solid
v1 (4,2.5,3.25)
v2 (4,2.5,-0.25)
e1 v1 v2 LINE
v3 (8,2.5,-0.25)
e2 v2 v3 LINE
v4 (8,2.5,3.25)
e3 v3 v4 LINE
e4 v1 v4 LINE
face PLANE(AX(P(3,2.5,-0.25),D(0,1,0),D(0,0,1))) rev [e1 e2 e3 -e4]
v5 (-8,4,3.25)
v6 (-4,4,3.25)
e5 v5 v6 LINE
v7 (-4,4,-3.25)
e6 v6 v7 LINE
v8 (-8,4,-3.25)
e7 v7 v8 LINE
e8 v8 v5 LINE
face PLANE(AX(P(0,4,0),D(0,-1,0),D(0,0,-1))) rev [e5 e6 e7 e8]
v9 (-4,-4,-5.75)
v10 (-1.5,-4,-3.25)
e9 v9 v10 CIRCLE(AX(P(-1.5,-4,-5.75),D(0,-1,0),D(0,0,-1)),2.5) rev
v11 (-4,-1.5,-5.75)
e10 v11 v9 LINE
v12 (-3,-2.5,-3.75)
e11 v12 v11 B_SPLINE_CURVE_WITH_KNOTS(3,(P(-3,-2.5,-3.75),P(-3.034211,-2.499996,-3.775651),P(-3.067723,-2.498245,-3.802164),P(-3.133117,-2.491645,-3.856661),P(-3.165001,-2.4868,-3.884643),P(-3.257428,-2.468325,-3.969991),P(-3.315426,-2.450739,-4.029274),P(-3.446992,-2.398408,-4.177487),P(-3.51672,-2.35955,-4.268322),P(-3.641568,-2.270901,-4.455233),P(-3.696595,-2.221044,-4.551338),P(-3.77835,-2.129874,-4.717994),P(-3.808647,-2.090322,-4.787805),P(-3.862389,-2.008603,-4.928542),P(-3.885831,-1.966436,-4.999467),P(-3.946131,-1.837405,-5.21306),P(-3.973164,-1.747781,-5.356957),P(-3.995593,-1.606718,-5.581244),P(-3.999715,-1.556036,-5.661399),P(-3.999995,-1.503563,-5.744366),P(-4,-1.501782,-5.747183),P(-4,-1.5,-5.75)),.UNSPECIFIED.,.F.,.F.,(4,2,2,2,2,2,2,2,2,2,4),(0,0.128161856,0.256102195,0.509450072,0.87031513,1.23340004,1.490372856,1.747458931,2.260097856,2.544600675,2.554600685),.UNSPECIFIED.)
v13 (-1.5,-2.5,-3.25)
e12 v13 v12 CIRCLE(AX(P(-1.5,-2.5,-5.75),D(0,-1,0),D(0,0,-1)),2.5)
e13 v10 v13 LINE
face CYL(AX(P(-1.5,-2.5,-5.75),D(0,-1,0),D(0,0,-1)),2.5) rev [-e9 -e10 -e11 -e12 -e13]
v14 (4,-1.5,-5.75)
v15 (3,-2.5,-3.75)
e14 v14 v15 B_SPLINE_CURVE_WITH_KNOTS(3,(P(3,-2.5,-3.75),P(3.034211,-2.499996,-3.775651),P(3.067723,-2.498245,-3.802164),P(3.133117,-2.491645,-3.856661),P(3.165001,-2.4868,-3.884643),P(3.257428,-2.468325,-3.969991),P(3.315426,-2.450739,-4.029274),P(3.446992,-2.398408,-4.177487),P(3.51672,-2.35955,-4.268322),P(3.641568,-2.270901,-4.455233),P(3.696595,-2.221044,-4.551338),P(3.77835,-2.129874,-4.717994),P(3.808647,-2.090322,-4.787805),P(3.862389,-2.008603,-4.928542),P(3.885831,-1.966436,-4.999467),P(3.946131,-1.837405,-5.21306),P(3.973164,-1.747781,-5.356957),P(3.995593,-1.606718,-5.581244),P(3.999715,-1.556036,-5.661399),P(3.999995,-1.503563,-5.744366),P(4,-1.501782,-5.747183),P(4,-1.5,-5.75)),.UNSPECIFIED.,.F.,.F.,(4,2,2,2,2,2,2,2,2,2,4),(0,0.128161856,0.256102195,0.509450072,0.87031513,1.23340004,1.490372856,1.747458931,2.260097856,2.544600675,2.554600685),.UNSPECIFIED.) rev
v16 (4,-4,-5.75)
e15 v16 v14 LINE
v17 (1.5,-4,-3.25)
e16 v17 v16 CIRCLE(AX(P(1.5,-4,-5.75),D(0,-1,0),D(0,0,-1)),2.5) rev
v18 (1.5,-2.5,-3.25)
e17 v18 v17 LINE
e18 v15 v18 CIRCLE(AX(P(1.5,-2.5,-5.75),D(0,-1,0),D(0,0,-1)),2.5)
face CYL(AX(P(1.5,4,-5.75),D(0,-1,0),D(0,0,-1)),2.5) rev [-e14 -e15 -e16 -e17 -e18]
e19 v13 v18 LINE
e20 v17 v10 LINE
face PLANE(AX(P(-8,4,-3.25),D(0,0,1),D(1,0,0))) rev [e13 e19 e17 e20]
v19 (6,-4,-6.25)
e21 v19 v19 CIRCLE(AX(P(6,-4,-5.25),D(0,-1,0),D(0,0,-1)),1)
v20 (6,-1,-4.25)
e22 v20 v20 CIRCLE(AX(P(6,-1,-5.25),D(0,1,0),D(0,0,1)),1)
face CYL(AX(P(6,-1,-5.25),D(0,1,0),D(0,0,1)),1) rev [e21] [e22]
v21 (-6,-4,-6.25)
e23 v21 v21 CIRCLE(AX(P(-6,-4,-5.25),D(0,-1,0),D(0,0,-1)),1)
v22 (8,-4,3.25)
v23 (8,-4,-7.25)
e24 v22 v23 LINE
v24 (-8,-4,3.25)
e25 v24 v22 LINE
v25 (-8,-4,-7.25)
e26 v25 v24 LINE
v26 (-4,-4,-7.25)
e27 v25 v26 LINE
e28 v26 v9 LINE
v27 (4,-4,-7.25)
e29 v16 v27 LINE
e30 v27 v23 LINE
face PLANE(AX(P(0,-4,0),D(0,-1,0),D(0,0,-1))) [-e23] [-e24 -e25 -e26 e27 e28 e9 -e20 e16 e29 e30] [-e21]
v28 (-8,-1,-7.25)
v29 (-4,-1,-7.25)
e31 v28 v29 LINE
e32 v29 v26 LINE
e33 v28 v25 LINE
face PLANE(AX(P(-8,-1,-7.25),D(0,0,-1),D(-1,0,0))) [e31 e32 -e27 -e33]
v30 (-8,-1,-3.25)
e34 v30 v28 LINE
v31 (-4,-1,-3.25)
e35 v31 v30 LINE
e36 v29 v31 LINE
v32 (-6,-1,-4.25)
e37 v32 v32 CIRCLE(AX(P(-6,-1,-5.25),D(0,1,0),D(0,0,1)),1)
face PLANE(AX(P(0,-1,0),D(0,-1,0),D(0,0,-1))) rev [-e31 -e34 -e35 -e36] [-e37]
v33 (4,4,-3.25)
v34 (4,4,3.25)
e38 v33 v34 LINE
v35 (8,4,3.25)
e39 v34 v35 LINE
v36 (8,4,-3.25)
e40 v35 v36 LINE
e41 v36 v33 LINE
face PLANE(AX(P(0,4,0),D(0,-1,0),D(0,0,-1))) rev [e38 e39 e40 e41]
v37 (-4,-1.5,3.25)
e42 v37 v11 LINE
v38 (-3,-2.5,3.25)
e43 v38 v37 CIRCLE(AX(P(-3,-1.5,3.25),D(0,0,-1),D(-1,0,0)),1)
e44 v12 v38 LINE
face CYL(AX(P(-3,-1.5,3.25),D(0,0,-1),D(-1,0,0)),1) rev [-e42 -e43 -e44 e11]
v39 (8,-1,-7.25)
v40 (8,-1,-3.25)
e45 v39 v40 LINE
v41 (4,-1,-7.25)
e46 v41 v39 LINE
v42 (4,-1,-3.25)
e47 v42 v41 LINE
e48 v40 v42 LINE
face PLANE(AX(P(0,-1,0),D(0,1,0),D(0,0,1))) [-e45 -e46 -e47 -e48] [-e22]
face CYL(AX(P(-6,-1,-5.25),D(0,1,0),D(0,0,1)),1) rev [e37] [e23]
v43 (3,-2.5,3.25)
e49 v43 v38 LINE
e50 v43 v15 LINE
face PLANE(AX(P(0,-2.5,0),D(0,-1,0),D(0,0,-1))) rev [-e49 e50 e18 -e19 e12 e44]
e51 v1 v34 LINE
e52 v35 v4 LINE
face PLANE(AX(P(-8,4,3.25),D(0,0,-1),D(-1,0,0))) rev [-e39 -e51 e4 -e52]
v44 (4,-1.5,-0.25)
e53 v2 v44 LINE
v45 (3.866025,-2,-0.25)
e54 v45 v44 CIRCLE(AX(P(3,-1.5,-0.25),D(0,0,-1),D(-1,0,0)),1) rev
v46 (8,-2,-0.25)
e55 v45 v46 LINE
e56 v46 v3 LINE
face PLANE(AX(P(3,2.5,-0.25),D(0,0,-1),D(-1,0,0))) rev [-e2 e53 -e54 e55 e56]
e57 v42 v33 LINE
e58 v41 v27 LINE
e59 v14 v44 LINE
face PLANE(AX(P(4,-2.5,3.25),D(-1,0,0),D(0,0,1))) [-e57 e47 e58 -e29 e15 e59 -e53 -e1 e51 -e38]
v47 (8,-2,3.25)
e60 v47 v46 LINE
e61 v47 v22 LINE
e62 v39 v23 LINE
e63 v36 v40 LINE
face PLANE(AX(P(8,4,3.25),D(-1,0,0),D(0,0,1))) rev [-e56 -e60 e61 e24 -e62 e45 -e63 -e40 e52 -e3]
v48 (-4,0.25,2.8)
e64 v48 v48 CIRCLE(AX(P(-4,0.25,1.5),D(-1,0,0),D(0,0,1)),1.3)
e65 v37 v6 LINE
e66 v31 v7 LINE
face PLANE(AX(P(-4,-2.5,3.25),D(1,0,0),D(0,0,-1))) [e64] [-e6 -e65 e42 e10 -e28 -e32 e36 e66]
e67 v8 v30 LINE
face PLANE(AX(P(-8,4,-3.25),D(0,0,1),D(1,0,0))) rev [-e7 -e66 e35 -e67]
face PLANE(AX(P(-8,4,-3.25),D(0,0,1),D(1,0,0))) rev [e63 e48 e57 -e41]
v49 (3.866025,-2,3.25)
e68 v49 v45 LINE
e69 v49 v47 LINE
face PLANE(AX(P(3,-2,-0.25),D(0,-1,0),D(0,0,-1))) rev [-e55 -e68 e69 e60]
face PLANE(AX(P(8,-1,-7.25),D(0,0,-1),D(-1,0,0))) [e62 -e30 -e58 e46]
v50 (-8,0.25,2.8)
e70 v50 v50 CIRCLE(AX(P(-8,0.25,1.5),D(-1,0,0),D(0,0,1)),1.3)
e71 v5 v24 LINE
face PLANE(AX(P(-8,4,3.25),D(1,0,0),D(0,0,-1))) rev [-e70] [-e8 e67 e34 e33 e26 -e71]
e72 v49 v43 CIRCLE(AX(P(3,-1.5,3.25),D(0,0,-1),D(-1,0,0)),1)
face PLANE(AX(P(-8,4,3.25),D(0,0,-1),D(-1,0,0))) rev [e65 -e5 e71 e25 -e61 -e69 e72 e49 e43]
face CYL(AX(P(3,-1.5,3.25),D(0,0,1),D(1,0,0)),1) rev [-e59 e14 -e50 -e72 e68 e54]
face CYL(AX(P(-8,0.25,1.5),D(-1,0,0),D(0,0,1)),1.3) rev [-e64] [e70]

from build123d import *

# Parameters (mm, degrees)
SKETCH1_W                  = 16
SKETCH1_H                  = 6.5
BOSS_EXTRUDE1_DEPTH        = 4
SKETCH2_W                  = 8
SKETCH2_H                  = 6.5
CUT_EXTRUDE1_DEPTH         = 6.5
SKETCH10_W                 = 4
SKETCH10_H                 = 4
BOSS_EXTRUDE2_DEPTH        = 3
M1_6_CLEARANCE_HOLE1_D     = 2
M1_6_CLEARANCE_HOLE1_DEPTH = 4
M1_6_CLEARANCE_HOLE1_TIP   = 0.600860619
FILLET1_R                  = 1
FILLET2_R                  = 2.5
SKETCH14_W                 = 3.5
SKETCH14_H                 = 4.5
CUT_EXTRUDE3_DEPTH         = 5
M2_CLEARANCE_HOLE3_D       = 2.6
M2_CLEARANCE_HOLE3_DEPTH   = 4
M2_CLEARANCE_HOLE3_TIP     = 0.781118805


with BuildPart() as part:
    # Sketch1 → Boss-Extrude1 (new body, symmetric)
    with BuildSketch(Plane(origin=(0, 0, 0), x_dir=(1, 0, 0), z_dir=(0, 1, 0))):
        Rectangle(SKETCH1_W, SKETCH1_H)
    extrude(amount=BOSS_EXTRUDE1_DEPTH, both=True)

    # Sketch2 → Cut-Extrude1 (cut)
    with BuildSketch(Plane(origin=(0, 4, 5), x_dir=(1, 0, 0), z_dir=(0, -1, 0))):
        with Locations((0, -5)):
            Rectangle(SKETCH2_W, SKETCH2_H)
    extrude(amount=CUT_EXTRUDE1_DEPTH, mode=Mode.SUBTRACT)

    # Sketch10 → Boss-Extrude2 (add)
    with BuildSketch(Plane.XZ.offset(4)):
        with Locations((6, -5.25)):
            Rectangle(SKETCH10_W, SKETCH10_H)
        with Locations((-6, -5.25)):
            Rectangle(SKETCH10_W, SKETCH10_H)
    extrude(amount=-BOSS_EXTRUDE2_DEPTH)

    # M1.6 Clearance Hole1
    with Locations(Plane(origin=(0, -1, 0), x_dir=(1, 0, 0), z_dir=(0, 1, 0))):
        with Locations((6, 5.25), (-6, 5.25)):
            Hole(M1_6_CLEARANCE_HOLE1_D / 2, depth=M1_6_CLEARANCE_HOLE1_DEPTH)
            with Locations((0, 0, -(M1_6_CLEARANCE_HOLE1_DEPTH + M1_6_CLEARANCE_HOLE1_TIP / 2))):  # 118° drill point
                Cone(0, M1_6_CLEARANCE_HOLE1_D / 2, M1_6_CLEARANCE_HOLE1_TIP, mode=Mode.SUBTRACT)

    # Fillet1
    fillet1_edges = [part.edges().sort_by_distance(p)[0] for p in [
        (4, -2.5, 0),
        (-4, -2.5, 0),
    ]]
    fillet(fillet1_edges, radius=FILLET1_R)

    # Fillet2
    fillet2_edges = [part.edges().sort_by_distance(p)[0] for p in [
        (-4, -3.25, -3.25),
        (4, -3.25, -3.25),
    ]]
    fillet(fillet2_edges, radius=FILLET2_R)

    # Sketch14 → Cut-Extrude3 (cut)
    with BuildSketch(Plane(origin=(8, 0, 0), x_dir=(0, 0, -1), z_dir=(1, 0, 0))):
        with Locations((-1.5, 0.25)):
            Rectangle(SKETCH14_W, SKETCH14_H)
    extrude(amount=-CUT_EXTRUDE3_DEPTH, mode=Mode.SUBTRACT)

    # M2 Clearance Hole3
    with Locations(Plane.ZY.offset(8)):
        with Locations((1.5, 0.25)):
            Hole(M2_CLEARANCE_HOLE3_D / 2, depth=M2_CLEARANCE_HOLE3_DEPTH)
            with Locations((0, 0, -(M2_CLEARANCE_HOLE3_DEPTH + M2_CLEARANCE_HOLE3_TIP / 2))):  # 118° drill point
                Cone(0, M2_CLEARANCE_HOLE3_D / 2, M2_CLEARANCE_HOLE3_TIP, mode=Mode.SUBTRACT)


solid = part.part
